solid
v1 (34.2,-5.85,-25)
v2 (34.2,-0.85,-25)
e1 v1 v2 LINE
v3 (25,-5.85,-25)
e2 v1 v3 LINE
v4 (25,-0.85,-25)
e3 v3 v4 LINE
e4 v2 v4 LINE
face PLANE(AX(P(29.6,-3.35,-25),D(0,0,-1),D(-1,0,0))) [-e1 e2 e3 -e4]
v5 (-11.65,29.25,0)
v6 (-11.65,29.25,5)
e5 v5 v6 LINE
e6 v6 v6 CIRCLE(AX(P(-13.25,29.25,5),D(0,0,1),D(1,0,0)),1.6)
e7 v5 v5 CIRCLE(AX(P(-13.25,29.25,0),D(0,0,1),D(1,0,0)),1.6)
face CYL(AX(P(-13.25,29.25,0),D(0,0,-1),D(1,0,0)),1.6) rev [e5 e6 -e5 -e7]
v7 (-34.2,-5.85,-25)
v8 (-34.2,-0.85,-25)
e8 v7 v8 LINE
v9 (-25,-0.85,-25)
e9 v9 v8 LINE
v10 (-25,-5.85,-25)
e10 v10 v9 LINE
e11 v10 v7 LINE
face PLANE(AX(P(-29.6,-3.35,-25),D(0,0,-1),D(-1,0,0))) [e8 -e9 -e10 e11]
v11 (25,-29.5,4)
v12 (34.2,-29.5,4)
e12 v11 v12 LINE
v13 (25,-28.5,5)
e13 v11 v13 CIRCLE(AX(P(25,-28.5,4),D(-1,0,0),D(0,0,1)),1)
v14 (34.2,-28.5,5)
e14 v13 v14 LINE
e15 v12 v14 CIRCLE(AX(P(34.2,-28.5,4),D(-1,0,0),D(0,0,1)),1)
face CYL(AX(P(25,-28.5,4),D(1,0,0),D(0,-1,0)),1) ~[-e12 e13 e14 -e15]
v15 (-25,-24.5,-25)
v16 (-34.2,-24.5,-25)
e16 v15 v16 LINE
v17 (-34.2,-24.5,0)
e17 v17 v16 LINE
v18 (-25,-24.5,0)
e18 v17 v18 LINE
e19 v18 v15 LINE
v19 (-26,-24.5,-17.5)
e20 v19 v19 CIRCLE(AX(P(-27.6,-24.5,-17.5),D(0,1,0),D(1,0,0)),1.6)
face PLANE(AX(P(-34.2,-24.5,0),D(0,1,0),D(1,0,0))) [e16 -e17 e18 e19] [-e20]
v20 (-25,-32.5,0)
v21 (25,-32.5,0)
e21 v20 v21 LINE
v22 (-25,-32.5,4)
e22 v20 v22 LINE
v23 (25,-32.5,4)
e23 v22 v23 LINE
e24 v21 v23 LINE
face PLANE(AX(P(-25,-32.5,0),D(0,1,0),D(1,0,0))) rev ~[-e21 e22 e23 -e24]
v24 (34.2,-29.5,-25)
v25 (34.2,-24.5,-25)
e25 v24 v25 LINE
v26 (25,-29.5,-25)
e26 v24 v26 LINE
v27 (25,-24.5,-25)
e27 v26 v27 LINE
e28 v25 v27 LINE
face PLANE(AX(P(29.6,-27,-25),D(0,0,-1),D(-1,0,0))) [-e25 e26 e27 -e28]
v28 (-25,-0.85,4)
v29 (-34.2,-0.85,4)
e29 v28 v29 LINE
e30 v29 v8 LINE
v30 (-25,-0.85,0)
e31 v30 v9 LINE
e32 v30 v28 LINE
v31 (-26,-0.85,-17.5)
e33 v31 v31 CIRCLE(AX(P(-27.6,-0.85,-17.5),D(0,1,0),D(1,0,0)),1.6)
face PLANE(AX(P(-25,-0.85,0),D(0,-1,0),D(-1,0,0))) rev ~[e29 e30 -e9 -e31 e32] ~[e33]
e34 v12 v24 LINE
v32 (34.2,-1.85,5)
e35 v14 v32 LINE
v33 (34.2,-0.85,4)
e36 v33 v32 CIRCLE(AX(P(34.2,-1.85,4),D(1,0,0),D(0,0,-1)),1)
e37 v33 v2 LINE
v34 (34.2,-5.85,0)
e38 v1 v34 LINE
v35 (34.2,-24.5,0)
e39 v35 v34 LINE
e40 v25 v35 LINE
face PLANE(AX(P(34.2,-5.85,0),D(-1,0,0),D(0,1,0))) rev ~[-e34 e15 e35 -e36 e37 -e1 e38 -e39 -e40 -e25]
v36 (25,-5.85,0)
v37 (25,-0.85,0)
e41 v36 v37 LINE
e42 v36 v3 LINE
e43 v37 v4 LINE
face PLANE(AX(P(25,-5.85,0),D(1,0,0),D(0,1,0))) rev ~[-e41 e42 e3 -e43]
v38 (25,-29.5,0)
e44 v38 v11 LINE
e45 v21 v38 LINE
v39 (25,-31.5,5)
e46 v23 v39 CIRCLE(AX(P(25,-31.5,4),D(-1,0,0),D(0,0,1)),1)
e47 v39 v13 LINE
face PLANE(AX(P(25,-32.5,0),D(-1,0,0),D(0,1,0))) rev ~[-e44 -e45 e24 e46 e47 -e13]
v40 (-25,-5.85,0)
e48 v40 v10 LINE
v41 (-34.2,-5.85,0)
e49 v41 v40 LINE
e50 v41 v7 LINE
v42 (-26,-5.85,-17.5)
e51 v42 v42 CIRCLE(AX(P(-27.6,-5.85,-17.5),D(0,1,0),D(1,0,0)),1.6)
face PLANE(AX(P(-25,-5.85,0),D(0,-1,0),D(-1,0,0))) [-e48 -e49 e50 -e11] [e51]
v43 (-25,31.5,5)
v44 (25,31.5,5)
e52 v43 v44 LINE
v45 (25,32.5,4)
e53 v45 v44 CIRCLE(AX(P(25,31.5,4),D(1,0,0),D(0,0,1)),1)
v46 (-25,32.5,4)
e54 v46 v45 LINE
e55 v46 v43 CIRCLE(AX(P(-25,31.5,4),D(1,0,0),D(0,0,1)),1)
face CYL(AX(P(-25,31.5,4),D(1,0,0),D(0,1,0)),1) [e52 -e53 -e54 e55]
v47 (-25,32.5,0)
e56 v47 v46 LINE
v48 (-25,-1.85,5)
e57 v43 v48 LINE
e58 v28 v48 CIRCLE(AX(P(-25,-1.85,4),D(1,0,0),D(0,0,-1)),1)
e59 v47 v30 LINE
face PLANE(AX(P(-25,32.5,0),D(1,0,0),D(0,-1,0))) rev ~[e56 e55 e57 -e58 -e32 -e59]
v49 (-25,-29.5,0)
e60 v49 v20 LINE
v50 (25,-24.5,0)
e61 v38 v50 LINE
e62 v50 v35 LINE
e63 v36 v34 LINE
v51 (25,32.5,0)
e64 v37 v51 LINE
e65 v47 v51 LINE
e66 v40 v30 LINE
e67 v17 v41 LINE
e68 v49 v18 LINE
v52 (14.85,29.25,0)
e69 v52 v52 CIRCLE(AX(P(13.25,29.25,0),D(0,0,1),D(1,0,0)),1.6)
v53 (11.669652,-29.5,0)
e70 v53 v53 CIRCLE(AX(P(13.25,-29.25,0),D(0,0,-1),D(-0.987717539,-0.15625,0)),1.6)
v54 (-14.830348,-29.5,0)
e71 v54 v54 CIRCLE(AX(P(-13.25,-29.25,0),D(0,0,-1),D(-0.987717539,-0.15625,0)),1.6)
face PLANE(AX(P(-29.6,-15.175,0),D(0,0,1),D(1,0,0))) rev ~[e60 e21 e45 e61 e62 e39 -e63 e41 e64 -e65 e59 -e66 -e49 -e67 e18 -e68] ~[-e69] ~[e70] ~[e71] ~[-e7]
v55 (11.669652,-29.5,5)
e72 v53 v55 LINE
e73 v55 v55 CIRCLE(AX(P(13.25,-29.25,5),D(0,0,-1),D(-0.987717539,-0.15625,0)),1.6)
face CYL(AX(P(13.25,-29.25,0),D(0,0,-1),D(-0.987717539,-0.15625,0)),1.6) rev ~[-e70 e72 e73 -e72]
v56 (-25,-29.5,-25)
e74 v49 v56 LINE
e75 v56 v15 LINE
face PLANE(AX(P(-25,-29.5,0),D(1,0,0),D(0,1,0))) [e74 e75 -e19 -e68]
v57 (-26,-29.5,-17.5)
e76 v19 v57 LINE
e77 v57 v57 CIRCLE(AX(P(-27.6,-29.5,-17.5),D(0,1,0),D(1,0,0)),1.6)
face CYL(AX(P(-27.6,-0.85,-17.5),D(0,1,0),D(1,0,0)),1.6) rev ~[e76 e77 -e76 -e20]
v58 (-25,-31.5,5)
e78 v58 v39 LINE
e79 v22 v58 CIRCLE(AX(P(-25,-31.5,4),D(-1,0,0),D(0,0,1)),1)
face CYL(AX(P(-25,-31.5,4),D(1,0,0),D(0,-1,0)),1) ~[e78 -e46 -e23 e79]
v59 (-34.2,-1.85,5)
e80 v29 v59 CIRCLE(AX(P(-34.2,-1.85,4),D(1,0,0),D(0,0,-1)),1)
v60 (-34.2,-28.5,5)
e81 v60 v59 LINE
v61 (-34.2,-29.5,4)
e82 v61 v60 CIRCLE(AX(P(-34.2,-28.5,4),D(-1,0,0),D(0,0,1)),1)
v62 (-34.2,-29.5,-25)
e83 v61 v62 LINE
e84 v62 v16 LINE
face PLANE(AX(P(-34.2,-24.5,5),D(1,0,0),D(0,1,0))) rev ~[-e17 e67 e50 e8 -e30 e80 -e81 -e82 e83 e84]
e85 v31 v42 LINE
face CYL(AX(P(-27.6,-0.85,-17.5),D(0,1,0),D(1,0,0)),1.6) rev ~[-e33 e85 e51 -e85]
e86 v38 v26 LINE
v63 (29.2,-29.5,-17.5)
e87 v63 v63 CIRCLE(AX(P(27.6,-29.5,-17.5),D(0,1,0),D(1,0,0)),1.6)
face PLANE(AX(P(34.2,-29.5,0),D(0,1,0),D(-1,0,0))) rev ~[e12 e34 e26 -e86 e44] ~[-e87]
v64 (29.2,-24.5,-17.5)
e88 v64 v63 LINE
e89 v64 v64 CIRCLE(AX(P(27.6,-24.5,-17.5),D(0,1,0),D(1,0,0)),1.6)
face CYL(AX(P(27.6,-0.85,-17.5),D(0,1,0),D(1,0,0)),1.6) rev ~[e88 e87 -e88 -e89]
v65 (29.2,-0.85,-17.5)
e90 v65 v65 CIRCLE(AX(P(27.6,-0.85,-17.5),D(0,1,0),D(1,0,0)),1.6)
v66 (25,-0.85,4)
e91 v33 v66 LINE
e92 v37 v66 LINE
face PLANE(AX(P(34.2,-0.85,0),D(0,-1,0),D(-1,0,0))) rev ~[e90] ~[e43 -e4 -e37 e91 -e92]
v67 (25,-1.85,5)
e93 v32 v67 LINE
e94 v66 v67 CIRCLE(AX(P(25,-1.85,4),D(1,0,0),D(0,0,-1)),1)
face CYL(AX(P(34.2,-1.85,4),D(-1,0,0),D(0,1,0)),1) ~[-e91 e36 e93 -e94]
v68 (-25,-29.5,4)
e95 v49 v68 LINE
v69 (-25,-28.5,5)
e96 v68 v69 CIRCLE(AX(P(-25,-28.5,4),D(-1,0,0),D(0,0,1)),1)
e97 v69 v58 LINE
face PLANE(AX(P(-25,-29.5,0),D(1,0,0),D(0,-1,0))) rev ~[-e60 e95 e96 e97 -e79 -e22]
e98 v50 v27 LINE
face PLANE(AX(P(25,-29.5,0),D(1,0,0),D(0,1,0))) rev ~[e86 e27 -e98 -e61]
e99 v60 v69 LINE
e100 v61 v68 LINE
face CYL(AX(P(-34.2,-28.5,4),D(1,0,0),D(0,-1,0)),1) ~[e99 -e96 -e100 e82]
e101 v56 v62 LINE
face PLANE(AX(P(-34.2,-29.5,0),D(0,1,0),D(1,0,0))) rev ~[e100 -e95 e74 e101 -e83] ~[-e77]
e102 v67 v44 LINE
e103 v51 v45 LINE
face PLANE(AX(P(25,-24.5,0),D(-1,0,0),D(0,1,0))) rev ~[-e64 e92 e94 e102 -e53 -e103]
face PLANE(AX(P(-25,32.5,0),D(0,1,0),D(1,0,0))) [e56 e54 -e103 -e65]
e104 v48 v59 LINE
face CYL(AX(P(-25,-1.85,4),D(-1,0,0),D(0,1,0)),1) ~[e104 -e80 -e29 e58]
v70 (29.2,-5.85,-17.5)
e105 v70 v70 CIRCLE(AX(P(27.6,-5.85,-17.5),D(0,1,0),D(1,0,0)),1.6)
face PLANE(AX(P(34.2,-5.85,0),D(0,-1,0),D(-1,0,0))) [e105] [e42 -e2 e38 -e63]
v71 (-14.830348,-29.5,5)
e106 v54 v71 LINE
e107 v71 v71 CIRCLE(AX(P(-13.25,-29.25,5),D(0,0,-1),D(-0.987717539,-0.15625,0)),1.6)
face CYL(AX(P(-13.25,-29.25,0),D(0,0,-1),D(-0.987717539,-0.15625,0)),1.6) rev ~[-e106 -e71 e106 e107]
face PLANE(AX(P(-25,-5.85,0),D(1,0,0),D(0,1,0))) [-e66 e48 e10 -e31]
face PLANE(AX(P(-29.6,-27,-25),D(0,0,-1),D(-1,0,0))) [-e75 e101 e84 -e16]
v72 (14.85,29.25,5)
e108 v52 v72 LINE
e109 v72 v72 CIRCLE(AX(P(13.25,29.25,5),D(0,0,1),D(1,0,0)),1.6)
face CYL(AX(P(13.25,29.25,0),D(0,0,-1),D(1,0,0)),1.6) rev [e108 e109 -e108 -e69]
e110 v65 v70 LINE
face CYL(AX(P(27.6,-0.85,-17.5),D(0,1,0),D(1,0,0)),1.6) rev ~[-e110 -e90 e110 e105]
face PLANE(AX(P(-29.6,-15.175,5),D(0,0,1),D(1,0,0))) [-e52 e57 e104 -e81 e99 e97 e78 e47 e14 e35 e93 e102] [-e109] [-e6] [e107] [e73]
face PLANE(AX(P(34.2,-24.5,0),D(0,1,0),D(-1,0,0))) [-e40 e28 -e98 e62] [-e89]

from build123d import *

# Parameters (mm, degrees)
SKETCH2_W                = 50
SKETCH2_H                = 65
SKETCH2_R                = 1.6
SKETCH2_W_2              = 9.2
SKETCH2_H_2              = 5
BOSS_EXTRUDE1_DEPTH      = 5
SKETCH3_W                = 9.2
SKETCH3_H                = 5
BOSS_EXTRUDE2_DEPTH      = 25
BOSS_EXTRUDE2_DEPTH_BACK = 5
SKETCH4_R                = 1.6
CUT_EXTRUDE1_DEPTH       = 32.65
SKETCH5_W                = 9.2
SKETCH5_H                = 18.65
BOSS_EXTRUDE3_DEPTH      = 5
FILLET1_R                = 1


with BuildPart() as part:
    # Sketch2 → Boss-Extrude1 (new body)
    with BuildSketch(Plane.XY):
        Rectangle(SKETCH2_W, SKETCH2_H)
        with Locations((-13.25, -29.25)):
            Circle(SKETCH2_R, mode=Mode.SUBTRACT)
        with Locations((13.25, -29.25)):
            Circle(SKETCH2_R, mode=Mode.SUBTRACT)
        with Locations((13.25, 29.25)):
            Circle(SKETCH2_R, mode=Mode.SUBTRACT)
        with Locations((-13.25, 29.25)):
            Circle(SKETCH2_R, mode=Mode.SUBTRACT)
        with Locations((29.6, -27)):
            Rectangle(SKETCH2_W_2, SKETCH2_H_2)
        with BuildLine():
            Line((25, -29.5), (25, -24.5))
            Line((25, -24.5), (-25, -24.5))
            Line((-25, -24.5), (-25, -29.5))
            Line((-25, -29.5), (-14.830348063, -29.5))
            ThreePointArc((-14.830348063, -29.5), (-13.375385604, -27.65492055), (-11.65, -29.25))
            ThreePointArc((-11.65, -29.25), (-11.65492055, -29.375385604), (-11.669651937, -29.5))
            Line((-11.669651937, -29.5), (11.669651937, -29.5))
            ThreePointArc((11.669651937, -29.5), (13.124614396, -27.65492055), (14.85, -29.25))
            ThreePointArc((14.85, -29.25), (14.84507945, -29.375385604), (14.830348063, -29.5))
            Line((14.830348063, -29.5), (25, -29.5))
        make_face()
        with Locations((-29.6, -27)):
            Rectangle(SKETCH2_W_2, SKETCH2_H_2)
        with BuildLine():
            Line((25, -32.5), (25, -29.5))
            Line((25, -29.5), (14.830348063, -29.5))
            ThreePointArc((14.830348063, -29.5), (13.25, -30.85), (11.669651937, -29.5))
            Line((11.669651937, -29.5), (-11.669651937, -29.5))
            ThreePointArc((-11.669651937, -29.5), (-13.25, -30.85), (-14.830348063, -29.5))
            Line((-14.830348063, -29.5), (-25, -29.5))
            Line((-25, -29.5), (-25, -32.5))
            Line((-25, -32.5), (25, -32.5))
        make_face()
    extrude(amount=BOSS_EXTRUDE1_DEPTH)

    # Sketch3 → Boss-Extrude2 (add, two sides)
    with BuildSketch(Plane(origin=(0, 0, 0), x_dir=(-1, 0, 0), z_dir=(0, 0, -1))) as boss_extrude2_sk:
        with Locations((-29.6, -27)):
            Rectangle(SKETCH3_W, SKETCH3_H)
        with Locations((-29.6, -3.35)):
            Rectangle(SKETCH3_W, SKETCH3_H)
        with Locations((29.6, -27)):
            Rectangle(SKETCH3_W, SKETCH3_H)
        with Locations((29.6, -3.35)):
            Rectangle(SKETCH3_W, SKETCH3_H)
    extrude(amount=BOSS_EXTRUDE2_DEPTH)
    extrude(boss_extrude2_sk.sketch, amount=-BOSS_EXTRUDE2_DEPTH_BACK)

    # Sketch4 → Cut-Extrude1 (cut, through all)
    with BuildSketch(Plane(origin=(0, -0.85, 0), x_dir=(1, 0, 0), z_dir=(0, 1, 0))):
        with Locations((27.6, 17.5)):
            Circle(SKETCH4_R)
        with Locations((-27.6, 17.5)):
            Circle(SKETCH4_R)
    extrude(amount=-CUT_EXTRUDE1_DEPTH, mode=Mode.SUBTRACT)

    # Sketch5 → Boss-Extrude3 (add)
    with BuildSketch(Plane.XY.offset(5)):
        with Locations((-29.6, -15.175)):
            Rectangle(SKETCH5_W, SKETCH5_H)
        with Locations((29.6, -15.175)):
            Rectangle(SKETCH5_W, SKETCH5_H)
    extrude(amount=-BOSS_EXTRUDE3_DEPTH)

    # Fillet1
    fillet1_edges = [part.edges().sort_by_distance(p)[0] for p in [
        (-29.6, -29.5, 5),
        (0, -32.5, 5),
        (29.6, -29.5, 5),
        (0, 32.5, 5),
        (-29.6, -0.85, 5),
        (29.6, -0.85, 5),
    ]]
    fillet(fillet1_edges, radius=FILLET1_R)


solid = part.part
